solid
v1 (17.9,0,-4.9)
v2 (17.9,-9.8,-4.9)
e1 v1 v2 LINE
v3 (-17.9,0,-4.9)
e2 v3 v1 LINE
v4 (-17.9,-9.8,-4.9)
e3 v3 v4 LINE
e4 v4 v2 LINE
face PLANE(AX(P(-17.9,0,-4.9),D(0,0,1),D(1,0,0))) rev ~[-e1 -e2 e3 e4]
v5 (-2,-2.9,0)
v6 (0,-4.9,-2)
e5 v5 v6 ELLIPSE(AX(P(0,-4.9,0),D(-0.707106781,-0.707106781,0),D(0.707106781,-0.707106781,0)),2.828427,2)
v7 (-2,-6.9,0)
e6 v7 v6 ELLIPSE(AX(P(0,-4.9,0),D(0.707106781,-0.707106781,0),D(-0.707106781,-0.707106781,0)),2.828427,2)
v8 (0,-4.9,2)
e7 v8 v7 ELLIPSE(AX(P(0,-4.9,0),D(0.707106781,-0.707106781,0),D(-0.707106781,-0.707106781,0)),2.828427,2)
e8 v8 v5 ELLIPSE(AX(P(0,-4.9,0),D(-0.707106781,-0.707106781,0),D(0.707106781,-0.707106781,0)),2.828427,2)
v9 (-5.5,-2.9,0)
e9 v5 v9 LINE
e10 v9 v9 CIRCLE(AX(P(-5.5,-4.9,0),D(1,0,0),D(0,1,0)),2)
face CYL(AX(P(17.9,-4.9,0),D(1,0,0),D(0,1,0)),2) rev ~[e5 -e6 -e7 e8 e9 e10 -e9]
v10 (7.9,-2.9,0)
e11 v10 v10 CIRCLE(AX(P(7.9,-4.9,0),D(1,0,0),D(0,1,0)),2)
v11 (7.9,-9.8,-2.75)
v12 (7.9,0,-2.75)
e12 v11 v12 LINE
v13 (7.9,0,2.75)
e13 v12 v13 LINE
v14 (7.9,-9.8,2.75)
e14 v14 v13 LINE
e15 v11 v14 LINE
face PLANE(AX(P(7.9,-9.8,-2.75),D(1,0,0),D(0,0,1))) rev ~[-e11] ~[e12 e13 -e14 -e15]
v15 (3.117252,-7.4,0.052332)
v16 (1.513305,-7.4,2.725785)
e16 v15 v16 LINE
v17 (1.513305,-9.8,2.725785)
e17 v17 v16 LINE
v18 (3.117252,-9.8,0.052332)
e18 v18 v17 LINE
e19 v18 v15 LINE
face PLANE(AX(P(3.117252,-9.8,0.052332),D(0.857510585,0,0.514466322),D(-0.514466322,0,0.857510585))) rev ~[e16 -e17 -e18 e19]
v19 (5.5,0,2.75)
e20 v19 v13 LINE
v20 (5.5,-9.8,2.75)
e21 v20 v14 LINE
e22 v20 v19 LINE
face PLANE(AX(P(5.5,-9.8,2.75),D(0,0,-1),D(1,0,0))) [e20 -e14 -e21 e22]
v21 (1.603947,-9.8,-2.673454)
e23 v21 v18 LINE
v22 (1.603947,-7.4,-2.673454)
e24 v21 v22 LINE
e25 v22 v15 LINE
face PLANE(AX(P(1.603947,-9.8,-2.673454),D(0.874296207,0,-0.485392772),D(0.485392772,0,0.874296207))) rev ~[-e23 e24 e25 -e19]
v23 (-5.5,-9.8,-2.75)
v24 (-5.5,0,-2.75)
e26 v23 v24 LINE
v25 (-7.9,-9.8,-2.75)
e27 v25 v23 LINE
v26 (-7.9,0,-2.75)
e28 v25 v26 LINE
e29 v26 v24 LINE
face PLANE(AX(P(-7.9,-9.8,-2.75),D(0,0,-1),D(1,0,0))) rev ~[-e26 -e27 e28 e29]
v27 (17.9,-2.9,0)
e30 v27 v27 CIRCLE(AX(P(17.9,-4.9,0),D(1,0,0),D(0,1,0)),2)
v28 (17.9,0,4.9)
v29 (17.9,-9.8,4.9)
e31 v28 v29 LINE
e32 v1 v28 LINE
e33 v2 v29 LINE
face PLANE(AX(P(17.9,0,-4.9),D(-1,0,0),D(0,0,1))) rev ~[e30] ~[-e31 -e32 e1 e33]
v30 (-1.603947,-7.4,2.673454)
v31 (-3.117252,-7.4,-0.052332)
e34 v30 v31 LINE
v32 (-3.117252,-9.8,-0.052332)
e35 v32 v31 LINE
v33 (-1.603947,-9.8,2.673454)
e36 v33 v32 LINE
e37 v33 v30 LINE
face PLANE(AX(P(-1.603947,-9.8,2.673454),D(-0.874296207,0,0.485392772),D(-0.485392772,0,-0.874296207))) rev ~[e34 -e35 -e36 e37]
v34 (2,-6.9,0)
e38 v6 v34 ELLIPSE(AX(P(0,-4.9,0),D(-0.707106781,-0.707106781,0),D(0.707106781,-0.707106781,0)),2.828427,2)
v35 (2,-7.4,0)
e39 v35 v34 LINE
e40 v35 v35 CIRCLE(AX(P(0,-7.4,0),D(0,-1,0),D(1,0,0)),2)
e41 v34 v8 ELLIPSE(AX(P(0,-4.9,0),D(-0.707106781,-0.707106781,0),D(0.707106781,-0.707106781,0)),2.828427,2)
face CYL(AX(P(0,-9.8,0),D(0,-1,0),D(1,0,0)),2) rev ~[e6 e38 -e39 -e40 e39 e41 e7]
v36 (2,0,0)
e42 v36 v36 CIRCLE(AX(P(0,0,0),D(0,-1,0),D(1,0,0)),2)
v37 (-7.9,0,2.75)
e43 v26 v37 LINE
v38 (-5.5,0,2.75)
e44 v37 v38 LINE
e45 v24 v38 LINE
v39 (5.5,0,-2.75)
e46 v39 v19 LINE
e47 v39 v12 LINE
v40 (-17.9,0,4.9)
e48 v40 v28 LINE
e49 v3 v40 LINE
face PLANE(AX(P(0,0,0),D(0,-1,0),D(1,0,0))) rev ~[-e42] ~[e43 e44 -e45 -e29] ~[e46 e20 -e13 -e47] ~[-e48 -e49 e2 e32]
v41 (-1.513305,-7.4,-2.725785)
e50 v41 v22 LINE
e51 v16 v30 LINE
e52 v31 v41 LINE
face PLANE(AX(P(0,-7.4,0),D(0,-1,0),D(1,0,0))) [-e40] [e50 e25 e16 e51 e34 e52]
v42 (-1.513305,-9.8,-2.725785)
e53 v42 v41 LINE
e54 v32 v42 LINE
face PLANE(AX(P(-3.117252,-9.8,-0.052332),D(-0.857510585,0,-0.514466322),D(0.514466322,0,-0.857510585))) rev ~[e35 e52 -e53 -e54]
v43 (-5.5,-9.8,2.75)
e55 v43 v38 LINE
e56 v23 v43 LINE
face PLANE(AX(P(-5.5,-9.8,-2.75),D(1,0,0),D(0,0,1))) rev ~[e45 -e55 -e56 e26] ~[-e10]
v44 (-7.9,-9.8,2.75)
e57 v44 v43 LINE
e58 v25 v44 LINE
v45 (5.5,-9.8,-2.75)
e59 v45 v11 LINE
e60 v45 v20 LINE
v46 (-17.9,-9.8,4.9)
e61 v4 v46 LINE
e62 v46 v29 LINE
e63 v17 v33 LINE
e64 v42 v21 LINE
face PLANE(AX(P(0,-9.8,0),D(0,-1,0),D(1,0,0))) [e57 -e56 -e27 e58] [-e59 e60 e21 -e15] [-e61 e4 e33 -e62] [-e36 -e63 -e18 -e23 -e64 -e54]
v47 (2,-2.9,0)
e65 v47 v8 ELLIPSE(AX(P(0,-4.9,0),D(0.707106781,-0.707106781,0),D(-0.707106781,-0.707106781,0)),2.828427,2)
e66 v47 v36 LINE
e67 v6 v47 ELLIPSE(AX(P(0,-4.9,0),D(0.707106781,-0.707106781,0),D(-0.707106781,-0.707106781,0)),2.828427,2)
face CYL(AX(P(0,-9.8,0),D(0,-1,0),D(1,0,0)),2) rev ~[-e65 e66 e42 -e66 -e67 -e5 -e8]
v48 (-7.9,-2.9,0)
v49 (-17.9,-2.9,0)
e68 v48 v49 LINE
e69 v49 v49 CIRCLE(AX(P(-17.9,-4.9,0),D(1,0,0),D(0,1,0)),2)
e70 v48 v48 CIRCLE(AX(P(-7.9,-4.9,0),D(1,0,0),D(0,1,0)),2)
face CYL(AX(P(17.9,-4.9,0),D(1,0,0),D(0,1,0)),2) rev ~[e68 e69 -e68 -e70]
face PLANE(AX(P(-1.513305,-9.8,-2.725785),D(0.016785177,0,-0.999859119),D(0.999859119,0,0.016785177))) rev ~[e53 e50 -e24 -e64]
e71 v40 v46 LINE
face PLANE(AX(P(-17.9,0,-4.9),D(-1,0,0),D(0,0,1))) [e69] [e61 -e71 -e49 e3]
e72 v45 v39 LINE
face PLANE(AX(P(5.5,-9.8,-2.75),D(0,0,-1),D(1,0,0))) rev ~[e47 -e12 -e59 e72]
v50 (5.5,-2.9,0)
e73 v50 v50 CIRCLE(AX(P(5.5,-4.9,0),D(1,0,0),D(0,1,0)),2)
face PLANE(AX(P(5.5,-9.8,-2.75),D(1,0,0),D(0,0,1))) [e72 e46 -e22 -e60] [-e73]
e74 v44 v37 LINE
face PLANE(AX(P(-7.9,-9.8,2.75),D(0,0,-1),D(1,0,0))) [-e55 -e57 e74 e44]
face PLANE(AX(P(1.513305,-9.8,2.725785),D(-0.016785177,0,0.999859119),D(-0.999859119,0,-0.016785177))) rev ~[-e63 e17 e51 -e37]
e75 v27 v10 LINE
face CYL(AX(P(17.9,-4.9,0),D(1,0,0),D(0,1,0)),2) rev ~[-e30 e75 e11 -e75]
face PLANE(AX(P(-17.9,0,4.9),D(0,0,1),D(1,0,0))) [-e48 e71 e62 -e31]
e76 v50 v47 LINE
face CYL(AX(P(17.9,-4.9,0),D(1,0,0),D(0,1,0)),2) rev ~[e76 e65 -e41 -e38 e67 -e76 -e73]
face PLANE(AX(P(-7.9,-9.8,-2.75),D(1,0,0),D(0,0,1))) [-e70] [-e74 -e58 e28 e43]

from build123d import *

# Parameters (mm, degrees)
F0_W     = 35.8
F0_H     = 9.8
F1_DEPTH = 9.8
F2_R     = 2
F3_DEPTH = 25
F5_DEPTH = 2.4
F6_R     = 2
F7_DEPTH = 40
F8_W     = 2.4
F8_H     = 5.5
F9_DEPTH = 25


with BuildPart() as f1:
    # F0 (on Front) → F1 (new body)
    with BuildSketch(Plane.XZ):
        Rectangle(F0_W, F0_H)
    extrude(amount=F1_DEPTH)

    # F2 (on face) → F3 (cut)
    with BuildSketch(Plane.XZ.offset(9.8)):
        Circle(F2_R)
    extrude(amount=-F3_DEPTH, mode=Mode.SUBTRACT)

    # F4 (on face) → F5 (cut)
    with BuildSketch(Plane.XZ.offset(9.8)):
        Polygon((-1.603947, 2.673454), (-3.117252, -0.052332), (-1.513305, -2.725785), (1.603947, -2.673454), (3.117252, 0.052332), (1.513305, 2.725785), align=None)
    extrude(amount=-F5_DEPTH, mode=Mode.SUBTRACT)

    # F6 (on face) → F7 (cut)
    with BuildSketch(Plane.YZ.offset(17.9)):
        with Locations((-4.9, 0)):
            Circle(F6_R)
    extrude(amount=-F7_DEPTH, mode=Mode.SUBTRACT)

    # F8 (on face) → F9 (cut)
    with BuildSketch(Plane.XZ.offset(9.8)):
        with Locations((6.7, 0)):
            Rectangle(F8_W, F8_H)
        with Locations((-6.7, 0)):
            Rectangle(F8_W, F8_H)
    extrude(amount=-F9_DEPTH, mode=Mode.SUBTRACT)


solid = f1.part
